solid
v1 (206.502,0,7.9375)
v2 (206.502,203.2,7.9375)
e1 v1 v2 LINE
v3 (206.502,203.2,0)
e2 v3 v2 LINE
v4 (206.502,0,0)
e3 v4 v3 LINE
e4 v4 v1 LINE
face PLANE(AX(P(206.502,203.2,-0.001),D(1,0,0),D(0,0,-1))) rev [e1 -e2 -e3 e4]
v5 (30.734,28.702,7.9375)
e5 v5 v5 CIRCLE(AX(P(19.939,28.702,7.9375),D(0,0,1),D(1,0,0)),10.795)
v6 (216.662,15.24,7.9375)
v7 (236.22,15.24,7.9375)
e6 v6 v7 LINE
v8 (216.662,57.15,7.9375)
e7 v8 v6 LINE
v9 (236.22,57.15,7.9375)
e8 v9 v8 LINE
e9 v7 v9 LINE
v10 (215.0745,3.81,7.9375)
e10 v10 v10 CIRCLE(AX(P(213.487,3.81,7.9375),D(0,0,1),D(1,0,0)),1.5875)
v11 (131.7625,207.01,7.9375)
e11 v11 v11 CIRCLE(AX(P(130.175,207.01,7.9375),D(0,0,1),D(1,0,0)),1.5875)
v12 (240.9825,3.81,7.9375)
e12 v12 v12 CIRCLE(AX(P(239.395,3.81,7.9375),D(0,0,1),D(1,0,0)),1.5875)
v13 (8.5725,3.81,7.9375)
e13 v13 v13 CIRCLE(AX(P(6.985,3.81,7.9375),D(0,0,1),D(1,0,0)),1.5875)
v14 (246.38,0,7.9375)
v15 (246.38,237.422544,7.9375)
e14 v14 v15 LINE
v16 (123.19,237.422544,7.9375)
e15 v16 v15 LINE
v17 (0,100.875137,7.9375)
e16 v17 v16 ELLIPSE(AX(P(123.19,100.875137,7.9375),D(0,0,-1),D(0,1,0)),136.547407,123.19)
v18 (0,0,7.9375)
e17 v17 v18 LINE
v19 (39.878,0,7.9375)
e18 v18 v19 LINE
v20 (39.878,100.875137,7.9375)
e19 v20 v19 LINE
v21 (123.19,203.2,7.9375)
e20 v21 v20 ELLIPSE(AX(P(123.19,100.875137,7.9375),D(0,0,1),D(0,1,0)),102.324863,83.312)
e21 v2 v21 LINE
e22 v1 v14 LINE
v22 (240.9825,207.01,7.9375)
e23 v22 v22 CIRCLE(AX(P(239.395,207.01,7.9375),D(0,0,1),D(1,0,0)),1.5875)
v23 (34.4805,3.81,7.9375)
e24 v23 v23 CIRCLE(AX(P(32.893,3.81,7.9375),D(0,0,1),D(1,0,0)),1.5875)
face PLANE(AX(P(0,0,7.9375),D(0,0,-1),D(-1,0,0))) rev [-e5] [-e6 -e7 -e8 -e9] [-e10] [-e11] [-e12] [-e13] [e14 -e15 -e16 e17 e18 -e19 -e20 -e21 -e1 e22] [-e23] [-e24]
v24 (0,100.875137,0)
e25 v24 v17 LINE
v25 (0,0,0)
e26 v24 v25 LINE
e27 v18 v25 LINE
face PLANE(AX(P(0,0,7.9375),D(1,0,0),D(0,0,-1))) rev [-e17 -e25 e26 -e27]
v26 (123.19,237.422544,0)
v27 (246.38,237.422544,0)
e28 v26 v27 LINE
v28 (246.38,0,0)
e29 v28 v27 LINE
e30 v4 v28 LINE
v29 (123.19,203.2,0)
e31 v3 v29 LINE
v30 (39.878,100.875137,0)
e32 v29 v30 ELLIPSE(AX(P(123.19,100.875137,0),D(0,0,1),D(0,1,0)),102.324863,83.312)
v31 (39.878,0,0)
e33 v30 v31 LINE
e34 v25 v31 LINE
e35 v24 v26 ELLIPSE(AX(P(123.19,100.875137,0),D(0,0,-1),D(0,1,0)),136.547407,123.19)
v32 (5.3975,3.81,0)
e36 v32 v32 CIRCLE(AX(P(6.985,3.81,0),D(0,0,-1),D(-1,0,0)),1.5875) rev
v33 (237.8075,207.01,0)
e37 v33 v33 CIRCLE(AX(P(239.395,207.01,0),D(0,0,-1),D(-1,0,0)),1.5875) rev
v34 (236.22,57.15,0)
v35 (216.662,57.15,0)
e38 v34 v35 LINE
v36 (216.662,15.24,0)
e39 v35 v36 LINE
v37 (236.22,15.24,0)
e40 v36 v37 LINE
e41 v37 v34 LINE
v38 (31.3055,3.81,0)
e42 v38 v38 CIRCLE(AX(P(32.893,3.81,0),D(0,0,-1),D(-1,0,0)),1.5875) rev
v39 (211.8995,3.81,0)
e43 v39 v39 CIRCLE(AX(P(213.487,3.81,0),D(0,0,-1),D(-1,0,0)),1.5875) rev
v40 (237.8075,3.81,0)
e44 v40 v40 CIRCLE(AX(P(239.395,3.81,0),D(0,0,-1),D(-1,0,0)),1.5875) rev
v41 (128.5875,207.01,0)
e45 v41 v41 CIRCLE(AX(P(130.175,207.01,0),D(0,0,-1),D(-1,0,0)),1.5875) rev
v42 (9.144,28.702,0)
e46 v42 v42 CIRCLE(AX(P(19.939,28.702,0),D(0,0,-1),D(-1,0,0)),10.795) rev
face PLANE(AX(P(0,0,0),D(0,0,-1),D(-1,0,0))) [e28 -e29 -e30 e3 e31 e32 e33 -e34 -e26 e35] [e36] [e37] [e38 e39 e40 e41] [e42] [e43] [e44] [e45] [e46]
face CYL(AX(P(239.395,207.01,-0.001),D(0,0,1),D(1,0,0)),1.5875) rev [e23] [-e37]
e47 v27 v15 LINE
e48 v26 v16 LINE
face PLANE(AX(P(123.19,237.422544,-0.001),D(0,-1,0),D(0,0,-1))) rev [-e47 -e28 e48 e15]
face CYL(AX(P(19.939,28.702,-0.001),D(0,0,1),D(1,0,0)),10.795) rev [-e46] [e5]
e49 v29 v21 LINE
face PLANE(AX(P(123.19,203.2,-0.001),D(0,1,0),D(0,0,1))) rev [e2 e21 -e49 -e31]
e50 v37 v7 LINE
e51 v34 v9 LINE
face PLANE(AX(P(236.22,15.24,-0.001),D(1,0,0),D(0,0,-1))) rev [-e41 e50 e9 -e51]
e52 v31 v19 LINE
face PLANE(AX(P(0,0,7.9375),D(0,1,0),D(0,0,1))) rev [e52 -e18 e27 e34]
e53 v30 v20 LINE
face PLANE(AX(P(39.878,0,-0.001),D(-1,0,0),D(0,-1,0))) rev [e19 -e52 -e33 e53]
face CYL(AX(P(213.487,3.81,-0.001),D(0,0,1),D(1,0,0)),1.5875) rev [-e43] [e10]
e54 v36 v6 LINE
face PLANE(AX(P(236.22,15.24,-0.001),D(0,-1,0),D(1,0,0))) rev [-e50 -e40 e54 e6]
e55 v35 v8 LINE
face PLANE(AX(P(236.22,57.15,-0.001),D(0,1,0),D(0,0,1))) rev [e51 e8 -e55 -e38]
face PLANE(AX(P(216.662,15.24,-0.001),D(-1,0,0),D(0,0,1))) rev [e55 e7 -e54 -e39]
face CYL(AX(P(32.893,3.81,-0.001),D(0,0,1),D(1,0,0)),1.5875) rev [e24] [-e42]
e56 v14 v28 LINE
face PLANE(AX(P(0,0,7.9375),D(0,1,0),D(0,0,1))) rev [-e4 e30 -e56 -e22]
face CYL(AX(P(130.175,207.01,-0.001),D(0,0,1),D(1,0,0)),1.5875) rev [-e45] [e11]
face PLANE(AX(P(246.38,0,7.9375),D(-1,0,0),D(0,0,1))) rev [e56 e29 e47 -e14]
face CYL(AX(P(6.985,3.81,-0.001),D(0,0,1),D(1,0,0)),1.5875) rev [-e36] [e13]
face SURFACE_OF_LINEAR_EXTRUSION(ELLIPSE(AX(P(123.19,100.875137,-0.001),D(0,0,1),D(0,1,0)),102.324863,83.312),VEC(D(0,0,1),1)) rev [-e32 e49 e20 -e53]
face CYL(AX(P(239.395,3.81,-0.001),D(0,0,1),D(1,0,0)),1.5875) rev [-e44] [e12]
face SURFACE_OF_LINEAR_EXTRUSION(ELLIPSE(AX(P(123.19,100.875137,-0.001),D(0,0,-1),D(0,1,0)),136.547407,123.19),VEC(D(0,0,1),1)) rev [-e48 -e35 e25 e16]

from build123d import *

# Parameters (mm, degrees)
SKETCH2_W           = 246.38
SKETCH2_H           = 254
BOSS_EXTRUDE1_DEPTH = 7.9375
CUT_EXTRUDE2_REACH  = 9.938
SCREW_HOLES_REACH   = 9.938
SKETCH4_R           = 1.5875
CUT_EXTRUDE4_REACH  = 9.938
SKETCH5_R           = 10.795
CUT_EXTRUDE5_REACH  = 9.938
SKETCH6_W           = 19.558
SKETCH6_H           = 41.91


with BuildPart() as part:
    # Sketch2 → Boss-Extrude1 (new body)
    with BuildSketch(Plane.XY):
        with Locations((123.19, 127)):
            Rectangle(SKETCH2_W, SKETCH2_H)
    extrude(amount=BOSS_EXTRUDE1_DEPTH)

    # Sketch3 → Cut-Extrude2 (cut, up to next)
    with BuildSketch(Plane.XY.offset(7.9375), mode=Mode.PRIVATE) as cut_extrude2_sk1:
        with BuildLine():
            Line((0, 254), (0, 100.875137361))
            add(Edge.make_bspline(
                [(123.19, 237.422544345), (0, 237.422544345), (0, 100.875137361)],
                knots=[0, 0, 0, 1.570796327, 1.570796327, 1.570796327], degree=2, weights=[1, 0.707106781, 1]))
            Line((123.19, 237.422544345), (246.38, 237.422544345))
            Line((246.38, 237.422544345), (246.38, 254))
            Line((246.38, 254), (0, 254))
        make_face()
    cut_extrude2_tool1 = extrude(cut_extrude2_sk1.sketch, amount=-CUT_EXTRUDE2_REACH, mode=Mode.PRIVATE) & part.part
    add(cut_extrude2_tool1.solids().sort_by_distance((2.900868, 177.437569, 7.9375))[0], mode=Mode.SUBTRACT)
    # Sketch3 → Cut-Extrude2 (cut, up to next)
    with BuildSketch(Plane.XY.offset(7.9375), mode=Mode.PRIVATE) as cut_extrude2_sk2:
        with BuildLine():
            Line((39.878, 0), (39.878, 100.875137361))
            add(Edge.make_bspline(
                [(123.19, 203.2), (39.878, 203.2), (39.878, 100.875137361)],
                knots=[0, 0, 0, 1.570796327, 1.570796327, 1.570796327], degree=2, weights=[1, 0.707106781, 1]))
            Line((123.19, 203.2), (206.502, 203.2))
            Line((206.502, 203.2), (206.502, 160.284632983))
            Line((206.502, 160.284632983), (206.502, 0))
            Line((206.502, 0), (39.878, 0))
        make_face()
    cut_extrude2_tool2 = extrude(cut_extrude2_sk2.sketch, amount=-CUT_EXTRUDE2_REACH, mode=Mode.PRIVATE) & part.part
    add(cut_extrude2_tool2.solids().sort_by_distance((126.885795, 97.102181, 7.9375))[0], mode=Mode.SUBTRACT)

    # Sketch4 → screw holes (cut, up to next)
    with BuildSketch(Plane.XY.offset(7.9375), mode=Mode.PRIVATE) as screw_holes_sk1:
        with Locations((6.985, 3.81)):
            Circle(SKETCH4_R)
    screw_holes_tool1 = extrude(screw_holes_sk1.sketch, amount=-SCREW_HOLES_REACH, mode=Mode.PRIVATE) & part.part
    add(screw_holes_tool1.solids().sort_by_distance((6.985, 3.81, 7.9375))[0], mode=Mode.SUBTRACT)
    # Sketch4 → screw holes (cut, up to next)
    with BuildSketch(Plane.XY.offset(7.9375), mode=Mode.PRIVATE) as screw_holes_sk2:
        with Locations((32.893, 3.81)):
            Circle(SKETCH4_R)
    screw_holes_tool2 = extrude(screw_holes_sk2.sketch, amount=-SCREW_HOLES_REACH, mode=Mode.PRIVATE) & part.part
    add(screw_holes_tool2.solids().sort_by_distance((32.893, 3.81, 7.9375))[0], mode=Mode.SUBTRACT)
    # Sketch4 → screw holes (cut, up to next)
    with BuildSketch(Plane.XY.offset(7.9375), mode=Mode.PRIVATE) as screw_holes_sk3:
        with Locations((213.487, 3.81)):
            Circle(SKETCH4_R)
    screw_holes_tool3 = extrude(screw_holes_sk3.sketch, amount=-SCREW_HOLES_REACH, mode=Mode.PRIVATE) & part.part
    add(screw_holes_tool3.solids().sort_by_distance((213.487, 3.81, 7.9375))[0], mode=Mode.SUBTRACT)
    # Sketch4 → screw holes (cut, up to next)
    with BuildSketch(Plane.XY.offset(7.9375), mode=Mode.PRIVATE) as screw_holes_sk4:
        with Locations((239.395, 3.81)):
            Circle(SKETCH4_R)
    screw_holes_tool4 = extrude(screw_holes_sk4.sketch, amount=-SCREW_HOLES_REACH, mode=Mode.PRIVATE) & part.part
    add(screw_holes_tool4.solids().sort_by_distance((239.395, 3.81, 7.9375))[0], mode=Mode.SUBTRACT)
    # Sketch4 → screw holes (cut, up to next)
    with BuildSketch(Plane.XY.offset(7.9375), mode=Mode.PRIVATE) as screw_holes_sk5:
        with Locations((130.175, 207.01)):
            Circle(SKETCH4_R)
    screw_holes_tool5 = extrude(screw_holes_sk5.sketch, amount=-SCREW_HOLES_REACH, mode=Mode.PRIVATE) & part.part
    add(screw_holes_tool5.solids().sort_by_distance((130.175, 207.01, 7.9375))[0], mode=Mode.SUBTRACT)
    # Sketch4 → screw holes (cut, up to next)
    with BuildSketch(Plane.XY.offset(7.9375), mode=Mode.PRIVATE) as screw_holes_sk6:
        with Locations((239.395, 207.01)):
            Circle(SKETCH4_R)
    screw_holes_tool6 = extrude(screw_holes_sk6.sketch, amount=-SCREW_HOLES_REACH, mode=Mode.PRIVATE) & part.part
    add(screw_holes_tool6.solids().sort_by_distance((239.395, 207.01, 7.9375))[0], mode=Mode.SUBTRACT)

    # Sketch5 → Cut-Extrude4 (cut, up to next)
    with BuildSketch(Plane.XY.offset(7.9375), mode=Mode.PRIVATE) as cut_extrude4_sk1:
        with Locations((19.939, 28.702)):
            Circle(SKETCH5_R)
    cut_extrude4_tool1 = extrude(cut_extrude4_sk1.sketch, amount=-CUT_EXTRUDE4_REACH, mode=Mode.PRIVATE) & part.part
    add(cut_extrude4_tool1.solids().sort_by_distance((19.939, 28.702, 7.9375))[0], mode=Mode.SUBTRACT)

    # Sketch6 → Cut-Extrude5 (cut, up to next)
    with BuildSketch(Plane.XY.offset(7.9375), mode=Mode.PRIVATE) as cut_extrude5_sk1:
        with Locations((226.441, 36.195)):
            Rectangle(SKETCH6_W, SKETCH6_H)
    cut_extrude5_tool1 = extrude(cut_extrude5_sk1.sketch, amount=-CUT_EXTRUDE5_REACH, mode=Mode.PRIVATE) & part.part
    add(cut_extrude5_tool1.solids().sort_by_distance((226.441, 36.195, 7.9375))[0], mode=Mode.SUBTRACT)


solid = part.part
